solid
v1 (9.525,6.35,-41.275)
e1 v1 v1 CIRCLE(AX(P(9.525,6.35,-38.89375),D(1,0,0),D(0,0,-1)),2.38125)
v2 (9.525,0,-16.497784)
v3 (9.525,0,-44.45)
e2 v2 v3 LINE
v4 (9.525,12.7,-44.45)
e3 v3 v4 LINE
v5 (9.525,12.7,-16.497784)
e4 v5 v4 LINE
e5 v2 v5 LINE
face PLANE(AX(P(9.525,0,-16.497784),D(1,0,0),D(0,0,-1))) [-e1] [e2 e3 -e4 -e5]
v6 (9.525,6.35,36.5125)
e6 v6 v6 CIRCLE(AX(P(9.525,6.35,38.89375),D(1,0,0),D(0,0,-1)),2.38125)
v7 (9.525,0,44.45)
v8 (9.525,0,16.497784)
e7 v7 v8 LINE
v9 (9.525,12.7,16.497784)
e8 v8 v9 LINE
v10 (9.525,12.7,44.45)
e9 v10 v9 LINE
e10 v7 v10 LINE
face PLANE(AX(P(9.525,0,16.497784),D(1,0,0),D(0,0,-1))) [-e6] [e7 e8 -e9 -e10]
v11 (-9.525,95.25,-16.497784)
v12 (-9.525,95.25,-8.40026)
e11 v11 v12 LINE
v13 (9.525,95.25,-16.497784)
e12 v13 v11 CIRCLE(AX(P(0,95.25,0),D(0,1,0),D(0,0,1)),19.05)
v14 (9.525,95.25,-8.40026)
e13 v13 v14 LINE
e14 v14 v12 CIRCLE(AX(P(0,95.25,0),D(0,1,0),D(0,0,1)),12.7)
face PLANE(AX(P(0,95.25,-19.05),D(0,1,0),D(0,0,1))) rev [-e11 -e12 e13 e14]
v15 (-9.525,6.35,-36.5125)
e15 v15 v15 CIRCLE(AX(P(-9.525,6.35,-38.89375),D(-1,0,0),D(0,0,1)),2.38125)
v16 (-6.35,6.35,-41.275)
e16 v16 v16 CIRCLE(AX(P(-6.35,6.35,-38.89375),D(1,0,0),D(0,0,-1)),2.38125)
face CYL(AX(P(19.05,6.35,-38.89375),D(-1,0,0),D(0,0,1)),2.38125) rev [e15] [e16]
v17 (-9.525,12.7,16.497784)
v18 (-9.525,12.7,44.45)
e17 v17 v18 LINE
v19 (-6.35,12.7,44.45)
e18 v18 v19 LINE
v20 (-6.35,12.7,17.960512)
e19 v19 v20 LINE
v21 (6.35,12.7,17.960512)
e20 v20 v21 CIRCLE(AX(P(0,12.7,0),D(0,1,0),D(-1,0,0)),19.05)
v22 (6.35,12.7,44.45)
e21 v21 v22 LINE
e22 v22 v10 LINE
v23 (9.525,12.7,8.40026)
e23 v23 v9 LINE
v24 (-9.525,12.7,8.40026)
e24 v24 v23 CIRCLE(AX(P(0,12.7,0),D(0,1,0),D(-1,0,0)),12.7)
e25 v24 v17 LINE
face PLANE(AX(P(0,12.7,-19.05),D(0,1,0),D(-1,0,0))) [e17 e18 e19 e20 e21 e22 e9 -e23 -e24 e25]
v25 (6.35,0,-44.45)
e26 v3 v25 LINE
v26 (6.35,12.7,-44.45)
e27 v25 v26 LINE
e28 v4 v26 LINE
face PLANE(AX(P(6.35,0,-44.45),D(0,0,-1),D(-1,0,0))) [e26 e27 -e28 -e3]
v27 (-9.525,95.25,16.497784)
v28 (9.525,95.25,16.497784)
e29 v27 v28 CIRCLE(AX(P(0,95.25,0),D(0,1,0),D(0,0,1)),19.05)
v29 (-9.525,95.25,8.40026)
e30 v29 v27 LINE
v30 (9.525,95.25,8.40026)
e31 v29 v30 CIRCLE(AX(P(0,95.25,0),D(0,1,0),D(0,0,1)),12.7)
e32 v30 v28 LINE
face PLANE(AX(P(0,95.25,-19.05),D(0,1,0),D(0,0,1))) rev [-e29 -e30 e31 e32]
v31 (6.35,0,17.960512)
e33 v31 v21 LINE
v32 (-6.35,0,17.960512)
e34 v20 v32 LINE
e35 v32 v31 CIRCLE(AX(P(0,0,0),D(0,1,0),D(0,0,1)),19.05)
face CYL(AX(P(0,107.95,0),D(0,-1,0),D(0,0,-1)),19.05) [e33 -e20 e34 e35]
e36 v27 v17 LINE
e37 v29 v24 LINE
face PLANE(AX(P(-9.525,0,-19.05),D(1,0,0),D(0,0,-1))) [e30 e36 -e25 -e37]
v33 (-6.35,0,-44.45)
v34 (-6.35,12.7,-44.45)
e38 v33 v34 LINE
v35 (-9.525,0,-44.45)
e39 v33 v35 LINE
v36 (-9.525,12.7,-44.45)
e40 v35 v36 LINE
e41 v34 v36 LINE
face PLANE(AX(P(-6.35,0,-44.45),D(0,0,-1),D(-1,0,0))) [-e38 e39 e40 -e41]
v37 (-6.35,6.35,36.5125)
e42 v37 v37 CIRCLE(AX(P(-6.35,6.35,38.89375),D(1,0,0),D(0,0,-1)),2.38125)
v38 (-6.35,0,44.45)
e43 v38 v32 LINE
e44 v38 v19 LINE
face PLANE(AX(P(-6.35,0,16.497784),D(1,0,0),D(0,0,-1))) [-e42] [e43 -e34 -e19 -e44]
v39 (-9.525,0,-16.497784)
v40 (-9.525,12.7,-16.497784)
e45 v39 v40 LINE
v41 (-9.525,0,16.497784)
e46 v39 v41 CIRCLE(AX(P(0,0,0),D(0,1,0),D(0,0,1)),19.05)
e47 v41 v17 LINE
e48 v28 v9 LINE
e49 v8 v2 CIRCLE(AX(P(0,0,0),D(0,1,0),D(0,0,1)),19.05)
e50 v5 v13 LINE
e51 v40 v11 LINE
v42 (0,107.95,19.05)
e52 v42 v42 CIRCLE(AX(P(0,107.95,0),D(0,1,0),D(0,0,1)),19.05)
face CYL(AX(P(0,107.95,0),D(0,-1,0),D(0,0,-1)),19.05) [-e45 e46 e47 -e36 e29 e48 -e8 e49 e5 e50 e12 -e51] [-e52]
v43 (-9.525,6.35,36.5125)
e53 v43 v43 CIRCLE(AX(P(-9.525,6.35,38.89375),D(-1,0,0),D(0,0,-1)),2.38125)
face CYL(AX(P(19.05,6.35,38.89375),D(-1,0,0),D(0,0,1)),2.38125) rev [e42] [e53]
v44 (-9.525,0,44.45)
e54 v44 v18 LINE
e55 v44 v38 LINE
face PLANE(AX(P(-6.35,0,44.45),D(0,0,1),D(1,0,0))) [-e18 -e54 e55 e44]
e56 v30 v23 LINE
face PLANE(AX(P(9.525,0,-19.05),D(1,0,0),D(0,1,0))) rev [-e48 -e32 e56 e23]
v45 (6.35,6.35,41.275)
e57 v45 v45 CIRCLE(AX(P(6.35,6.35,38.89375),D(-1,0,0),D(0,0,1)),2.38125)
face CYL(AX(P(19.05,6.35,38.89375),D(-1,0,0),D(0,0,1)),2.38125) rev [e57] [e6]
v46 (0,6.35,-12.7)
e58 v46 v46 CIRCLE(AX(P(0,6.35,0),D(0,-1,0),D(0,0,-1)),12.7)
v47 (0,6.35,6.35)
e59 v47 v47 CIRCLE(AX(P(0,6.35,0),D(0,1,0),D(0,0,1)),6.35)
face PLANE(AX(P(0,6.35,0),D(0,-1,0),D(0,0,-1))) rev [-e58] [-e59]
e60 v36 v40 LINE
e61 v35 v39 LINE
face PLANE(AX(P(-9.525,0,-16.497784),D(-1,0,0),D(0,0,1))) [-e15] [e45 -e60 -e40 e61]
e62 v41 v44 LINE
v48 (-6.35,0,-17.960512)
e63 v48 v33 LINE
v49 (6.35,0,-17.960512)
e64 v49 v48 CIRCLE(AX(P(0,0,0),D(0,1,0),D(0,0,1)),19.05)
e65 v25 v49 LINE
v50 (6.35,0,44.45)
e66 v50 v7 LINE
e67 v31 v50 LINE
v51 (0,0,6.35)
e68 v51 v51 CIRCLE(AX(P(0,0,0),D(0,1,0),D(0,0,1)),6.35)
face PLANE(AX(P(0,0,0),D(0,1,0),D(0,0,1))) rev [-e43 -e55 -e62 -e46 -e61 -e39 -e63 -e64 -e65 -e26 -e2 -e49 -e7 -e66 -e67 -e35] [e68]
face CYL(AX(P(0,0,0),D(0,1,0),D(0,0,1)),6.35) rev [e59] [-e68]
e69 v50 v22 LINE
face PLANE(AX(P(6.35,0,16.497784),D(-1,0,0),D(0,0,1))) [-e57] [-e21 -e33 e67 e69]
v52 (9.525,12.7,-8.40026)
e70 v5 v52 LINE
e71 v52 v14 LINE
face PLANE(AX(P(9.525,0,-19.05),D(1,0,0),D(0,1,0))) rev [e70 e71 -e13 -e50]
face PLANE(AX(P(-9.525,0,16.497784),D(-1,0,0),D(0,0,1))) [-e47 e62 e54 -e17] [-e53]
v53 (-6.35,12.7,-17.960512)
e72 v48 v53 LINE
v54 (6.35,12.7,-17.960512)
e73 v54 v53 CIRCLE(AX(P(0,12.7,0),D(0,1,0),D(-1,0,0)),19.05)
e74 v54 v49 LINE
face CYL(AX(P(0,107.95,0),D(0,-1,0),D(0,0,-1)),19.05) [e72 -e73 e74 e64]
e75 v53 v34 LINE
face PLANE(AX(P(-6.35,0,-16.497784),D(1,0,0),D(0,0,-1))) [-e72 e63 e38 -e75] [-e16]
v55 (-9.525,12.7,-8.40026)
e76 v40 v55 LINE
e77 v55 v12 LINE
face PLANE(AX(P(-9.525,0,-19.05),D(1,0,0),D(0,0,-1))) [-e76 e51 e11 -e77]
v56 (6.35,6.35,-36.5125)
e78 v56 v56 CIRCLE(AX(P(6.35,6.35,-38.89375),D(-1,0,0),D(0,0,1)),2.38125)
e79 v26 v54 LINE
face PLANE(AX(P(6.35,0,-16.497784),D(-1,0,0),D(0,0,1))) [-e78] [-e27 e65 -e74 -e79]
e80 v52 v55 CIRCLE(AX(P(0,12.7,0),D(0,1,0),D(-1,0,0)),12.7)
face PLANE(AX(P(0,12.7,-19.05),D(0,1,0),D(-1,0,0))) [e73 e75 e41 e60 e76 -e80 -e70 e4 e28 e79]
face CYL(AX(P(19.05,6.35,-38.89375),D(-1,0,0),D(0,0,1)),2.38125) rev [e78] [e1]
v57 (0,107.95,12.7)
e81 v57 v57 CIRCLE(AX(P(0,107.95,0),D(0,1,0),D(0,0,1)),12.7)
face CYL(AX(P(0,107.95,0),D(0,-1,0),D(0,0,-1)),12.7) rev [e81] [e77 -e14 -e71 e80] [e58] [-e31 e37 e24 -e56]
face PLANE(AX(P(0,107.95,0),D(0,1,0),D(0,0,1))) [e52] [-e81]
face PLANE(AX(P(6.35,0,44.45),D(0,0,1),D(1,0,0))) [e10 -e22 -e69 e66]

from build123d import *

# Parameters (mm, degrees)
SKETCH1_R                = 19.05
SKETCH1_R_2              = 12.7
BOSS_EXTRUDE1_DEPTH      = 107.95
SKETCH2_R                = 13.97
BOSS_EXTRUDE2_DEPTH      = 6.35
SKETCH8_W                = 19.05
SKETCH8_H                = 82.55
CUT_EXTRUDE6_DEPTH       = 20.05
CUT_EXTRUDE6_DEPTH_BACK  = 20.05
SKETCH7_R                = 6.35
CUT_EXTRUDE4_DEPTH       = 7.35
SKETCH9_W                = 3.175
SKETCH9_H                = 27.952216058
BOSS_EXTRUDE3_DEPTH      = 6.35
BOSS_EXTRUDE3_DEPTH_BACK = 6.35
SKETCH10_R               = 2.38125
CUT_EXTRUDE7_DEPTH       = 29.575


with BuildPart() as part:
    # Sketch1 → Boss-Extrude1 (new body)
    with BuildSketch(Plane(origin=(0, 0, 0), x_dir=(1, 0, 0), z_dir=(0, 1, 0))):
        Circle(SKETCH1_R)
        Circle(SKETCH1_R_2, mode=Mode.SUBTRACT)
    extrude(amount=BOSS_EXTRUDE1_DEPTH)

    # Sketch2 → Boss-Extrude2 (add)
    with BuildSketch(Plane.XZ):
        Circle(SKETCH2_R)
    extrude(amount=-BOSS_EXTRUDE2_DEPTH)

    # Sketch8 → Cut-Extrude6 (cut, two sides)
    with BuildSketch(Plane.XY) as cut_extrude6_sk:
        with Locations((0, 53.975)):
            Rectangle(SKETCH8_W, SKETCH8_H)
    extrude(amount=CUT_EXTRUDE6_DEPTH, mode=Mode.SUBTRACT)
    extrude(cut_extrude6_sk.sketch, amount=-CUT_EXTRUDE6_DEPTH_BACK, mode=Mode.SUBTRACT)

    # Sketch7 → Cut-Extrude4 (cut, through all)
    with BuildSketch(Plane(origin=(0, 6.35, 0), x_dir=(1, 0, 0), z_dir=(0, 1, 0))):
        Circle(SKETCH7_R)
    extrude(amount=-CUT_EXTRUDE4_DEPTH, mode=Mode.SUBTRACT)

    # Sketch9 → Boss-Extrude3 (add, two sides)
    with BuildSketch(Plane(origin=(0, 6.35, 0), x_dir=(1, 0, 0), z_dir=(0, 1, 0))) as boss_extrude3_sk:
        with Locations((-7.9375, -30.473891971)):
            Rectangle(SKETCH9_W, SKETCH9_H)
        with Locations((7.9375, -30.473891971)):
            Rectangle(SKETCH9_W, SKETCH9_H)
        with Locations((7.9375, 30.473891971)):
            Rectangle(SKETCH9_W, SKETCH9_H)
        with Locations((-7.9375, 30.473891971)):
            Rectangle(SKETCH9_W, SKETCH9_H)
    extrude(amount=BOSS_EXTRUDE3_DEPTH)
    extrude(boss_extrude3_sk.sketch, amount=-BOSS_EXTRUDE3_DEPTH_BACK)

    # Sketch10 → Cut-Extrude7 (cut, through all)
    with BuildSketch(Plane.ZY.offset(9.525)):
        with Locations((-38.89375, 6.35)):
            Circle(SKETCH10_R)
        with Locations((38.89375, 6.35)):
            Circle(SKETCH10_R)
    extrude(amount=-CUT_EXTRUDE7_DEPTH, mode=Mode.SUBTRACT)


solid = part.part
